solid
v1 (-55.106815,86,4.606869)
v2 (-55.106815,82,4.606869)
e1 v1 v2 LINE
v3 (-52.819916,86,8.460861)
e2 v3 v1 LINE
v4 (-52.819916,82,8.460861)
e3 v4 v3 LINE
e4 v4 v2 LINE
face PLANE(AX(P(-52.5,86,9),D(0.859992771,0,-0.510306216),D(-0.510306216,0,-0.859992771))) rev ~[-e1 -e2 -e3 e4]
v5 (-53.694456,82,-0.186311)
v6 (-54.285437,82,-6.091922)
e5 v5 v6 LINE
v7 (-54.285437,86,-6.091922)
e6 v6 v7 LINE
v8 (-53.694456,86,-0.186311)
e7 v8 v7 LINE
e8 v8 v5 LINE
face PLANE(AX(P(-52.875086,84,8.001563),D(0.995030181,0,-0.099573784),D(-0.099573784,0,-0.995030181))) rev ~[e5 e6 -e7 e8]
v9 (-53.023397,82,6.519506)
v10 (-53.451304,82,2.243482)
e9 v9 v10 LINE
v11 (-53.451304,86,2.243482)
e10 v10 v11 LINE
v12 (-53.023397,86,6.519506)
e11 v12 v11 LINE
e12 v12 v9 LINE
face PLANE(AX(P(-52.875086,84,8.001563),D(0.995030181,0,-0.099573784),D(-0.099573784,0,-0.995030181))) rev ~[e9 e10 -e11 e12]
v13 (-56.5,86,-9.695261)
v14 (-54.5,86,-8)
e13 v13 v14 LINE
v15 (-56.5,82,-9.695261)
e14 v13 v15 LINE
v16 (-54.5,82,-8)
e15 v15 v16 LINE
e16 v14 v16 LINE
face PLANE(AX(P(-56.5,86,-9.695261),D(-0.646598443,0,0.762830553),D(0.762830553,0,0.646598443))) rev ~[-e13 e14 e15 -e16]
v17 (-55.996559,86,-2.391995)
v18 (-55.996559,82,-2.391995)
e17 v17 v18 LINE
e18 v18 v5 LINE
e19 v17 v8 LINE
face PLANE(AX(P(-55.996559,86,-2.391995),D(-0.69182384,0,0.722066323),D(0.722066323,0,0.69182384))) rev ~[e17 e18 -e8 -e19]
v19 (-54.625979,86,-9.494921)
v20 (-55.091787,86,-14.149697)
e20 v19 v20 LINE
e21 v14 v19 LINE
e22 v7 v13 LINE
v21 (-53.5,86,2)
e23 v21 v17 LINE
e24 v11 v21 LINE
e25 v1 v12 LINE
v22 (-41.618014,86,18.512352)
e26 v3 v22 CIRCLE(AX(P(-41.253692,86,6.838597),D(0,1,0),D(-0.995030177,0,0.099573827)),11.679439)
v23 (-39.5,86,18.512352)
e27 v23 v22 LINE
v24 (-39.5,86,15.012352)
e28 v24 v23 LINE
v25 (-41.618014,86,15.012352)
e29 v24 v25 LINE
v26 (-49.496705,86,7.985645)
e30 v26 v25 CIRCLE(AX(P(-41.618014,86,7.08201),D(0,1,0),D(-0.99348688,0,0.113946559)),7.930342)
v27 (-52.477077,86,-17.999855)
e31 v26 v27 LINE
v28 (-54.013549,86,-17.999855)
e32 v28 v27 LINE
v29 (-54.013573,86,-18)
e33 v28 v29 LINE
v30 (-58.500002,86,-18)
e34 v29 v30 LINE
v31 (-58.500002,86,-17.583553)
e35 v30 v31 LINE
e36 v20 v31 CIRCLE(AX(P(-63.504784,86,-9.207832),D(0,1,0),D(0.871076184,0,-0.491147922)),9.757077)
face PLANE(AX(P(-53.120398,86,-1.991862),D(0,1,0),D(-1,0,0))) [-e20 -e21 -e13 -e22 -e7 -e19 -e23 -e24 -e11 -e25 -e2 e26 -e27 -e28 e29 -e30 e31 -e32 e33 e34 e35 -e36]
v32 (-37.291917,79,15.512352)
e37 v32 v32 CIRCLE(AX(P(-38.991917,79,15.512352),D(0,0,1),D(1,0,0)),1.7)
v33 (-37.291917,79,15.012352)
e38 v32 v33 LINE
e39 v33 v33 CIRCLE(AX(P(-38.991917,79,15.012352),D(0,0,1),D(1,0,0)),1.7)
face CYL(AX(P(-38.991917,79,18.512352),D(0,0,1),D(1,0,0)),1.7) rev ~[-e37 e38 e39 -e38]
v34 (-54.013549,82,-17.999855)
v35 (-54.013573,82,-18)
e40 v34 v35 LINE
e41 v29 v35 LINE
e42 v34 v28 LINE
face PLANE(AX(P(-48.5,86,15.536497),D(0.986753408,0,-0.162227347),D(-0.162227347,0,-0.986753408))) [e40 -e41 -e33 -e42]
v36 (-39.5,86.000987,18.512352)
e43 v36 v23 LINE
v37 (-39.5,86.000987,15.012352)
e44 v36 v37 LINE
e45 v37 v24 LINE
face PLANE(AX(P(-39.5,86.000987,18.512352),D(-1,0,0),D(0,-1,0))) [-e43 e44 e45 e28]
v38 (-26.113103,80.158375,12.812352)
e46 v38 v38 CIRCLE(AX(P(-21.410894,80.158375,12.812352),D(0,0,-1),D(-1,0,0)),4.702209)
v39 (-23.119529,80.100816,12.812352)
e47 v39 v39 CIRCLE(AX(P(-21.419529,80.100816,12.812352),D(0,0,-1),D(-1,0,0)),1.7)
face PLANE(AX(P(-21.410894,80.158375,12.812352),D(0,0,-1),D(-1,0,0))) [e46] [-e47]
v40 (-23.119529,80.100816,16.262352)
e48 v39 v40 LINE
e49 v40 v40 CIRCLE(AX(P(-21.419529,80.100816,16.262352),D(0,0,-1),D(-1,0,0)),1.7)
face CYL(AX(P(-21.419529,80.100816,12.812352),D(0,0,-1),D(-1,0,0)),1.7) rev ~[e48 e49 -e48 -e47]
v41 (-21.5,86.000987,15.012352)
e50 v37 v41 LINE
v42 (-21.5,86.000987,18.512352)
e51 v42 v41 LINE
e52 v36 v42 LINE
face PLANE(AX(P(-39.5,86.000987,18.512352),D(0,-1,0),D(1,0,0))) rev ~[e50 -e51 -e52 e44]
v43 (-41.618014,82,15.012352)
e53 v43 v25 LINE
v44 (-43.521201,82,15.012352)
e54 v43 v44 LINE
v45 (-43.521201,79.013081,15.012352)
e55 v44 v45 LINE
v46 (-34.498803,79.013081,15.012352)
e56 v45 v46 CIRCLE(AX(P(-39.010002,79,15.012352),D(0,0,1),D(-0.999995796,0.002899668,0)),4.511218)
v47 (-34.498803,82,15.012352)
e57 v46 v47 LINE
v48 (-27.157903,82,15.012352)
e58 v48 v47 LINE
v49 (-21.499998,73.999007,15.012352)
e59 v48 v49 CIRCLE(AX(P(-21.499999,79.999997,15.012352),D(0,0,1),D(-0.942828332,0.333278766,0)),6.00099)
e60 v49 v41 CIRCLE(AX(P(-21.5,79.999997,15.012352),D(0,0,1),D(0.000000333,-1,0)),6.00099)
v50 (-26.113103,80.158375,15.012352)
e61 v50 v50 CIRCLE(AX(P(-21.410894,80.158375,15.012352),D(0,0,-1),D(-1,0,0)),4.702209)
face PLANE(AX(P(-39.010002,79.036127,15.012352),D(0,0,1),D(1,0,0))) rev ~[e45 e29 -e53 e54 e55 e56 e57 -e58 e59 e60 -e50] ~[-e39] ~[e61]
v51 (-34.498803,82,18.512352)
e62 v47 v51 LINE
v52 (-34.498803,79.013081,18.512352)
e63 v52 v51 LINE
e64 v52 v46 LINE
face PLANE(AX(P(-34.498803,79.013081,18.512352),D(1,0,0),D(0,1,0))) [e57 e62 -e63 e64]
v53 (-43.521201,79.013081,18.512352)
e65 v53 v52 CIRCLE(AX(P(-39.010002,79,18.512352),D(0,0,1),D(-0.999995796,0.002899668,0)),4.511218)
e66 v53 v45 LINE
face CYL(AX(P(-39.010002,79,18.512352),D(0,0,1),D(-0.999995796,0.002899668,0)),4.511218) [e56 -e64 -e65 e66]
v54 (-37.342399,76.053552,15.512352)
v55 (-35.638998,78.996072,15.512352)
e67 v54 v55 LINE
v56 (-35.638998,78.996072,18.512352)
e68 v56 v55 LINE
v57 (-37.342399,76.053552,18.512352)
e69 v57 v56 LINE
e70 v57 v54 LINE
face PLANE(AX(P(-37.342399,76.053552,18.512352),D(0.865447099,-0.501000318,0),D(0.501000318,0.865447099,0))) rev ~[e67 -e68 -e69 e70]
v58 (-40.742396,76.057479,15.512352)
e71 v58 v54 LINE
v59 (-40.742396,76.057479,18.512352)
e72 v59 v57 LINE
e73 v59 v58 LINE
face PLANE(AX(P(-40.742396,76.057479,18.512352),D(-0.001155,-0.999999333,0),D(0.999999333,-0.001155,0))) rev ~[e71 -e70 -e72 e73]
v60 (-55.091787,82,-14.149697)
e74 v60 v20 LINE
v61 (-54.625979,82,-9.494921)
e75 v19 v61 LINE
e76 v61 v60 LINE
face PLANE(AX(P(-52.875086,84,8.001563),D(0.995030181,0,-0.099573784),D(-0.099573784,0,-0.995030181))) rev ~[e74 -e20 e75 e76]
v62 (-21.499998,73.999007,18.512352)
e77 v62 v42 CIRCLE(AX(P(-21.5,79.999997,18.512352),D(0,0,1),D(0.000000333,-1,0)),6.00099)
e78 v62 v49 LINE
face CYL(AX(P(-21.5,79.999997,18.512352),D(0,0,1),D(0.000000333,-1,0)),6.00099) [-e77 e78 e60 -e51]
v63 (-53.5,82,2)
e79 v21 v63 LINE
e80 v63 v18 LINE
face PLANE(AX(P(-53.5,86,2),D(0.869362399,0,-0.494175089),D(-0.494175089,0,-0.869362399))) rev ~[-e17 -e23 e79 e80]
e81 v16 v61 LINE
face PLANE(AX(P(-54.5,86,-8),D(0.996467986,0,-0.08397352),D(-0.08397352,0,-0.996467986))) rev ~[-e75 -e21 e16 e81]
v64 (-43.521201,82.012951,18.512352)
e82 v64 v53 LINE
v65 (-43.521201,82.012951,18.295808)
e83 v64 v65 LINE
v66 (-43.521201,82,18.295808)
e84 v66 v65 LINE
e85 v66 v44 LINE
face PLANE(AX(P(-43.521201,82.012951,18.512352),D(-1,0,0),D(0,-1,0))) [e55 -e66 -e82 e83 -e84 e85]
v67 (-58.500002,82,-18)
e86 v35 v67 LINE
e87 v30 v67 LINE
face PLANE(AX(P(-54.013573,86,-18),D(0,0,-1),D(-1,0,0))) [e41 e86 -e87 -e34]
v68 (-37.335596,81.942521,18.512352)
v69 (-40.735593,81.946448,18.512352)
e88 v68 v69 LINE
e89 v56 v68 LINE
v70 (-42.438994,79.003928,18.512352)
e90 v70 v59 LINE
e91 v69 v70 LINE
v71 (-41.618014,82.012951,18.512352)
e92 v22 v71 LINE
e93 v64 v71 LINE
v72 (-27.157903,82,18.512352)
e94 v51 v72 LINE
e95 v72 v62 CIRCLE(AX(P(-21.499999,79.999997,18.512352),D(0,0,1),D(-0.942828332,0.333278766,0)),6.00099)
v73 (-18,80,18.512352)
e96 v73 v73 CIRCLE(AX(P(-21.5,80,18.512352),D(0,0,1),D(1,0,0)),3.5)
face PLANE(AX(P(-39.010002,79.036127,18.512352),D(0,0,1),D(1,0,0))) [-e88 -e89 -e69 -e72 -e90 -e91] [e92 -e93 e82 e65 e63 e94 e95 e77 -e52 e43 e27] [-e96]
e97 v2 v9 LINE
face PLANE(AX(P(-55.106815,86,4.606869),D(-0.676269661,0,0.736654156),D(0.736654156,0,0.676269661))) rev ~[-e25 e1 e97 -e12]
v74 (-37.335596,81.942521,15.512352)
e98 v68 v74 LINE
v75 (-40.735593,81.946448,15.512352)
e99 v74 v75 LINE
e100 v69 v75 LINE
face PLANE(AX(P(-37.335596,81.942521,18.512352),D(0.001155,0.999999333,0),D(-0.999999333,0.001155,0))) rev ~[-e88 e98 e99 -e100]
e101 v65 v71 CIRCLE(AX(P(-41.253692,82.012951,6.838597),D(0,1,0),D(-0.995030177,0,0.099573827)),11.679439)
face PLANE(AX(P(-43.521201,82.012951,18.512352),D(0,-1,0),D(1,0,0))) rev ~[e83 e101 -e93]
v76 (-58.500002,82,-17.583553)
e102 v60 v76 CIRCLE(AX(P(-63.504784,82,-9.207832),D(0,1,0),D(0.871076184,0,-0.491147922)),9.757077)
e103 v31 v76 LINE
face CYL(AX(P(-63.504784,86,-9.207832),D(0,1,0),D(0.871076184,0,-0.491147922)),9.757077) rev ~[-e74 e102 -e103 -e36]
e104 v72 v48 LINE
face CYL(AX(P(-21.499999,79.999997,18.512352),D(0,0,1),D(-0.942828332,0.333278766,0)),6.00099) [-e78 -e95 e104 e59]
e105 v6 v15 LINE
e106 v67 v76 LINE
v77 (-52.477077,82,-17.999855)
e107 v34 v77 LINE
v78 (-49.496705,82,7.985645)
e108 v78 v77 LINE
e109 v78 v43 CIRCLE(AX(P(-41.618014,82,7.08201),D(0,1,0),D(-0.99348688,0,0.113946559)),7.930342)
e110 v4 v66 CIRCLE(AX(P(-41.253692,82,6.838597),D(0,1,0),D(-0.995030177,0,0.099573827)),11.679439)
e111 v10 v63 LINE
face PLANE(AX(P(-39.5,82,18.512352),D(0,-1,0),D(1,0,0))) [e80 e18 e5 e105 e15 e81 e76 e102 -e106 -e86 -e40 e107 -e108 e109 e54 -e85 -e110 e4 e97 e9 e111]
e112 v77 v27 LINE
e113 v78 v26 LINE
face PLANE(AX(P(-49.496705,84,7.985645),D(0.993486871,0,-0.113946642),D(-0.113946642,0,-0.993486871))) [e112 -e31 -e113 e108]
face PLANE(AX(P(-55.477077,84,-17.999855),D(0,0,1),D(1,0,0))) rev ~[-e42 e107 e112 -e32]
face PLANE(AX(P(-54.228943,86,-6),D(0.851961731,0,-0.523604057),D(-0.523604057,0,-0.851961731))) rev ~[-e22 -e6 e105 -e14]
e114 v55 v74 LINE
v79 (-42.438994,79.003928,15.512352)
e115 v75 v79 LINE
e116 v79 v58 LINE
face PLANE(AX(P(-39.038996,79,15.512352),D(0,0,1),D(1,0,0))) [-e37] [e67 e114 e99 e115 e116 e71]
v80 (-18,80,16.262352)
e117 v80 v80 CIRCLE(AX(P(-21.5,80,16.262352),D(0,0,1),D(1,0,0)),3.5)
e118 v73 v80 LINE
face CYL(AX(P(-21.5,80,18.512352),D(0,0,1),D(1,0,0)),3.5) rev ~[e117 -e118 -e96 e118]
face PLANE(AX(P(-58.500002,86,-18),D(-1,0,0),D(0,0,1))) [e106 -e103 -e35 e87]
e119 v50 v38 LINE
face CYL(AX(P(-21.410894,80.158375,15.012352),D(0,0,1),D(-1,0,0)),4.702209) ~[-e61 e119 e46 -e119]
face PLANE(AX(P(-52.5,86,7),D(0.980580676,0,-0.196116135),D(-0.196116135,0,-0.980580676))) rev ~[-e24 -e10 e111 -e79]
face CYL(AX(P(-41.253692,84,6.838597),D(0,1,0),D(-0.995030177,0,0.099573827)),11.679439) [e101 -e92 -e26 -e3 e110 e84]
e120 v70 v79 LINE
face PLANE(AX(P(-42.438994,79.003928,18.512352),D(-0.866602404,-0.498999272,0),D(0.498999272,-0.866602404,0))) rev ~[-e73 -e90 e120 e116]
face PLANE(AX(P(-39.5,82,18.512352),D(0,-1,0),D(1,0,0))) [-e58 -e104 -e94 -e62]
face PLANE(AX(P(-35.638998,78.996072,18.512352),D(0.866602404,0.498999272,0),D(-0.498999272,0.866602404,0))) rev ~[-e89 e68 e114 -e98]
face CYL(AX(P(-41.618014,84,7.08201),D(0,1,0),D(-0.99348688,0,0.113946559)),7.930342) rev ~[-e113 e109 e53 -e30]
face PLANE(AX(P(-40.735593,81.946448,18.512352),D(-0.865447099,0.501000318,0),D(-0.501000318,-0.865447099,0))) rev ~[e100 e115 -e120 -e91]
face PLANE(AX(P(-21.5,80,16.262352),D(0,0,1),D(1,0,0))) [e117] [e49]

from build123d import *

# Parameters (mm, degrees)
PAD022_DEPTH             = 2
PAD023_DEPTH             = 3.5
SKETCH036_R              = 3.5
POCKET003017_DEPTH       = 2.25
SKETCH037_R              = 4.702209
PAD024_DEPTH             = 2.2
SKETCH038_R              = 1.7
POCKET003018_DEPTH       = 5
PAD027_DEPTH             = 3.5
SKETCH044_R              = 1.7
POCKET003021_DEPTH       = 5
POCKET003037_DEPTH       = 3
PAD042_DEPTH             = 4
CLONE025_PLACEMENT_ANGLE = 180


with BuildPart() as part:
    # Sketch034 → Pad022 (new body, symmetric)
    with BuildSketch(Plane.XZ):
        with BuildLine():
            Line((0, 28.012352), (20.118014, 28.012352))
            ThreePointArc((27.996705, 20.985645), (25.39647, 26.000475), (20.118014, 28.012352))
            Line((27.996705, 20.985645), (30.977077, -4.999855))
            Line((33.977077, -4.999855), (30.977077, -4.999855))
            Line((31.375086, 21.001563), (33.977077, -4.999855))
            ThreePointArc((31.375086, 21.001563), (27.724484, 28.375327), (20.118014, 31.512352))
            Line((0, 31.512352), (20.118014, 31.512352))
            Line((0, 28.012352), (0, 31.512352))
        make_face()
    extrude(amount=PAD022_DEPTH, both=True)

    # Sketch035 → Pad023 (new body)
    with BuildSketch(Plane(origin=(0, 0, 31.512352), x_dir=(-1, 0, 0), z_dir=(0, 0, 1))):
        with BuildLine():
            Line((-18, 2.000987), (0, 2.000987))
            ThreePointArc((2e-06, -10.000993), (6.00099, -4.000002), (0, 2.000987))
            ThreePointArc((-5.657903, -2), (-4.899687, -7.464818), (2e-06, -10.000993))
            Line((-18, -2), (-5.657903, -2))
            Line((-18, 2.000987), (-18, -2))
        make_face()
    extrude(amount=-PAD023_DEPTH)

    # Sketch036 → Pocket003017 (cut)
    with BuildSketch(Plane(origin=(0, 0, 31.512352), x_dir=(-1, 0, 0), z_dir=(0, 0, 1))):
        with Locations((0, -4)):
            Circle(SKETCH036_R)
    extrude(amount=-POCKET003017_DEPTH, mode=Mode.SUBTRACT)

    # Sketch037 → Pad024 (new body)
    with BuildSketch(Plane(origin=(0, 0, 28.012352), x_dir=(1, 0, 0), z_dir=(0, 0, -1))):
        with Locations((-0.089106, -3.841625)):
            Circle(SKETCH037_R)
    extrude(amount=PAD024_DEPTH)

    # Sketch038 → Pocket003018 (cut)
    with BuildSketch(Plane(origin=(0, 0, 25.812352), x_dir=(1, 0, 0), z_dir=(0, 0, -1))):
        with Locations((-0.080471, -3.899184)):
            Circle(SKETCH038_R)
    extrude(amount=-POCKET003018_DEPTH, mode=Mode.SUBTRACT)

    # Sketch043 → Pad027 (new body)
    with BuildSketch(Plane(origin=(0, 0, 31.512352), x_dir=(-1, 0, 0), z_dir=(0, 0, 1))):
        with BuildLine():
            Line((-22.021201, -1.987049), (-22.021201, -4.986919))
            ThreePointArc((-22.021201, -4.986919), (-17.510002, -9.511218), (-12.998803, -4.986919))
            Line((-12.998803, -4.986919), (-12.998803, -1.987049))
            Line((-22.021201, -1.987049), (-12.998803, -1.987049))
        make_face()
    extrude(amount=-PAD027_DEPTH)

    # Sketch044 → Pocket003021 (cut)
    with BuildSketch(Plane(origin=(0, 0, 31.512352), x_dir=(-1, 0, 0), z_dir=(0, 0, 1))):
        with Locations((-17.491917, -5)):
            Circle(SKETCH044_R)
    extrude(amount=-POCKET003021_DEPTH, mode=Mode.SUBTRACT)

    # Sketch071 → Pocket003037 (cut)
    with BuildSketch(Plane(origin=(0, 0, 31.512352), x_dir=(-1, 0, 0), z_dir=(0, 0, 1))):
        Polygon((-14.138998, -5.003928), (-15.835596, -2.057479), (-19.235593, -2.053552), (-20.938994, -4.996072), (-19.242396, -7.942521), (-15.842399, -7.946448), align=None)
    extrude(amount=-POCKET003037_DEPTH, mode=Mode.SUBTRACT)

    # Sketch072 → Pad042 (new body)
    with BuildSketch(Plane.XZ.offset(2)):
        with BuildLine():
            Line((27, 28.536497), (32.513573, -5))
            Line((32.513573, -5), (37.000002, -5))
            Line((37.000002, -5), (37.000002, -4.583553))
            ThreePointArc((33.505627, -1), (35.019116, -3.019659), (37.000002, -4.583553))
            Line((33, 5), (33.505627, -1))
            Line((35, 3.304739), (33, 5))
            Line((32.728943, 7), (35, 3.304739))
            Line((32, 13), (32.728943, 7))
            Line((34.496559, 10.608005), (32, 13))
            Line((32, 15), (34.496559, 10.608005))
            Line((31, 20), (32, 15))
            Line((33.606815, 17.606869), (31, 20))
            Line((31, 22), (33.606815, 17.606869))
            Line((27, 28.536497), (31, 22))
        make_face()
    extrude(amount=-PAD042_DEPTH)


with BuildPart() as part_1:
    # Clone025 placement: moved
    add(part.part.moved(Location((-21.5, 84, -13))).rotate(Axis((-21.5, 84, -13), (0, 0, 1)), CLONE025_PLACEMENT_ANGLE))


solid = part_1.part
